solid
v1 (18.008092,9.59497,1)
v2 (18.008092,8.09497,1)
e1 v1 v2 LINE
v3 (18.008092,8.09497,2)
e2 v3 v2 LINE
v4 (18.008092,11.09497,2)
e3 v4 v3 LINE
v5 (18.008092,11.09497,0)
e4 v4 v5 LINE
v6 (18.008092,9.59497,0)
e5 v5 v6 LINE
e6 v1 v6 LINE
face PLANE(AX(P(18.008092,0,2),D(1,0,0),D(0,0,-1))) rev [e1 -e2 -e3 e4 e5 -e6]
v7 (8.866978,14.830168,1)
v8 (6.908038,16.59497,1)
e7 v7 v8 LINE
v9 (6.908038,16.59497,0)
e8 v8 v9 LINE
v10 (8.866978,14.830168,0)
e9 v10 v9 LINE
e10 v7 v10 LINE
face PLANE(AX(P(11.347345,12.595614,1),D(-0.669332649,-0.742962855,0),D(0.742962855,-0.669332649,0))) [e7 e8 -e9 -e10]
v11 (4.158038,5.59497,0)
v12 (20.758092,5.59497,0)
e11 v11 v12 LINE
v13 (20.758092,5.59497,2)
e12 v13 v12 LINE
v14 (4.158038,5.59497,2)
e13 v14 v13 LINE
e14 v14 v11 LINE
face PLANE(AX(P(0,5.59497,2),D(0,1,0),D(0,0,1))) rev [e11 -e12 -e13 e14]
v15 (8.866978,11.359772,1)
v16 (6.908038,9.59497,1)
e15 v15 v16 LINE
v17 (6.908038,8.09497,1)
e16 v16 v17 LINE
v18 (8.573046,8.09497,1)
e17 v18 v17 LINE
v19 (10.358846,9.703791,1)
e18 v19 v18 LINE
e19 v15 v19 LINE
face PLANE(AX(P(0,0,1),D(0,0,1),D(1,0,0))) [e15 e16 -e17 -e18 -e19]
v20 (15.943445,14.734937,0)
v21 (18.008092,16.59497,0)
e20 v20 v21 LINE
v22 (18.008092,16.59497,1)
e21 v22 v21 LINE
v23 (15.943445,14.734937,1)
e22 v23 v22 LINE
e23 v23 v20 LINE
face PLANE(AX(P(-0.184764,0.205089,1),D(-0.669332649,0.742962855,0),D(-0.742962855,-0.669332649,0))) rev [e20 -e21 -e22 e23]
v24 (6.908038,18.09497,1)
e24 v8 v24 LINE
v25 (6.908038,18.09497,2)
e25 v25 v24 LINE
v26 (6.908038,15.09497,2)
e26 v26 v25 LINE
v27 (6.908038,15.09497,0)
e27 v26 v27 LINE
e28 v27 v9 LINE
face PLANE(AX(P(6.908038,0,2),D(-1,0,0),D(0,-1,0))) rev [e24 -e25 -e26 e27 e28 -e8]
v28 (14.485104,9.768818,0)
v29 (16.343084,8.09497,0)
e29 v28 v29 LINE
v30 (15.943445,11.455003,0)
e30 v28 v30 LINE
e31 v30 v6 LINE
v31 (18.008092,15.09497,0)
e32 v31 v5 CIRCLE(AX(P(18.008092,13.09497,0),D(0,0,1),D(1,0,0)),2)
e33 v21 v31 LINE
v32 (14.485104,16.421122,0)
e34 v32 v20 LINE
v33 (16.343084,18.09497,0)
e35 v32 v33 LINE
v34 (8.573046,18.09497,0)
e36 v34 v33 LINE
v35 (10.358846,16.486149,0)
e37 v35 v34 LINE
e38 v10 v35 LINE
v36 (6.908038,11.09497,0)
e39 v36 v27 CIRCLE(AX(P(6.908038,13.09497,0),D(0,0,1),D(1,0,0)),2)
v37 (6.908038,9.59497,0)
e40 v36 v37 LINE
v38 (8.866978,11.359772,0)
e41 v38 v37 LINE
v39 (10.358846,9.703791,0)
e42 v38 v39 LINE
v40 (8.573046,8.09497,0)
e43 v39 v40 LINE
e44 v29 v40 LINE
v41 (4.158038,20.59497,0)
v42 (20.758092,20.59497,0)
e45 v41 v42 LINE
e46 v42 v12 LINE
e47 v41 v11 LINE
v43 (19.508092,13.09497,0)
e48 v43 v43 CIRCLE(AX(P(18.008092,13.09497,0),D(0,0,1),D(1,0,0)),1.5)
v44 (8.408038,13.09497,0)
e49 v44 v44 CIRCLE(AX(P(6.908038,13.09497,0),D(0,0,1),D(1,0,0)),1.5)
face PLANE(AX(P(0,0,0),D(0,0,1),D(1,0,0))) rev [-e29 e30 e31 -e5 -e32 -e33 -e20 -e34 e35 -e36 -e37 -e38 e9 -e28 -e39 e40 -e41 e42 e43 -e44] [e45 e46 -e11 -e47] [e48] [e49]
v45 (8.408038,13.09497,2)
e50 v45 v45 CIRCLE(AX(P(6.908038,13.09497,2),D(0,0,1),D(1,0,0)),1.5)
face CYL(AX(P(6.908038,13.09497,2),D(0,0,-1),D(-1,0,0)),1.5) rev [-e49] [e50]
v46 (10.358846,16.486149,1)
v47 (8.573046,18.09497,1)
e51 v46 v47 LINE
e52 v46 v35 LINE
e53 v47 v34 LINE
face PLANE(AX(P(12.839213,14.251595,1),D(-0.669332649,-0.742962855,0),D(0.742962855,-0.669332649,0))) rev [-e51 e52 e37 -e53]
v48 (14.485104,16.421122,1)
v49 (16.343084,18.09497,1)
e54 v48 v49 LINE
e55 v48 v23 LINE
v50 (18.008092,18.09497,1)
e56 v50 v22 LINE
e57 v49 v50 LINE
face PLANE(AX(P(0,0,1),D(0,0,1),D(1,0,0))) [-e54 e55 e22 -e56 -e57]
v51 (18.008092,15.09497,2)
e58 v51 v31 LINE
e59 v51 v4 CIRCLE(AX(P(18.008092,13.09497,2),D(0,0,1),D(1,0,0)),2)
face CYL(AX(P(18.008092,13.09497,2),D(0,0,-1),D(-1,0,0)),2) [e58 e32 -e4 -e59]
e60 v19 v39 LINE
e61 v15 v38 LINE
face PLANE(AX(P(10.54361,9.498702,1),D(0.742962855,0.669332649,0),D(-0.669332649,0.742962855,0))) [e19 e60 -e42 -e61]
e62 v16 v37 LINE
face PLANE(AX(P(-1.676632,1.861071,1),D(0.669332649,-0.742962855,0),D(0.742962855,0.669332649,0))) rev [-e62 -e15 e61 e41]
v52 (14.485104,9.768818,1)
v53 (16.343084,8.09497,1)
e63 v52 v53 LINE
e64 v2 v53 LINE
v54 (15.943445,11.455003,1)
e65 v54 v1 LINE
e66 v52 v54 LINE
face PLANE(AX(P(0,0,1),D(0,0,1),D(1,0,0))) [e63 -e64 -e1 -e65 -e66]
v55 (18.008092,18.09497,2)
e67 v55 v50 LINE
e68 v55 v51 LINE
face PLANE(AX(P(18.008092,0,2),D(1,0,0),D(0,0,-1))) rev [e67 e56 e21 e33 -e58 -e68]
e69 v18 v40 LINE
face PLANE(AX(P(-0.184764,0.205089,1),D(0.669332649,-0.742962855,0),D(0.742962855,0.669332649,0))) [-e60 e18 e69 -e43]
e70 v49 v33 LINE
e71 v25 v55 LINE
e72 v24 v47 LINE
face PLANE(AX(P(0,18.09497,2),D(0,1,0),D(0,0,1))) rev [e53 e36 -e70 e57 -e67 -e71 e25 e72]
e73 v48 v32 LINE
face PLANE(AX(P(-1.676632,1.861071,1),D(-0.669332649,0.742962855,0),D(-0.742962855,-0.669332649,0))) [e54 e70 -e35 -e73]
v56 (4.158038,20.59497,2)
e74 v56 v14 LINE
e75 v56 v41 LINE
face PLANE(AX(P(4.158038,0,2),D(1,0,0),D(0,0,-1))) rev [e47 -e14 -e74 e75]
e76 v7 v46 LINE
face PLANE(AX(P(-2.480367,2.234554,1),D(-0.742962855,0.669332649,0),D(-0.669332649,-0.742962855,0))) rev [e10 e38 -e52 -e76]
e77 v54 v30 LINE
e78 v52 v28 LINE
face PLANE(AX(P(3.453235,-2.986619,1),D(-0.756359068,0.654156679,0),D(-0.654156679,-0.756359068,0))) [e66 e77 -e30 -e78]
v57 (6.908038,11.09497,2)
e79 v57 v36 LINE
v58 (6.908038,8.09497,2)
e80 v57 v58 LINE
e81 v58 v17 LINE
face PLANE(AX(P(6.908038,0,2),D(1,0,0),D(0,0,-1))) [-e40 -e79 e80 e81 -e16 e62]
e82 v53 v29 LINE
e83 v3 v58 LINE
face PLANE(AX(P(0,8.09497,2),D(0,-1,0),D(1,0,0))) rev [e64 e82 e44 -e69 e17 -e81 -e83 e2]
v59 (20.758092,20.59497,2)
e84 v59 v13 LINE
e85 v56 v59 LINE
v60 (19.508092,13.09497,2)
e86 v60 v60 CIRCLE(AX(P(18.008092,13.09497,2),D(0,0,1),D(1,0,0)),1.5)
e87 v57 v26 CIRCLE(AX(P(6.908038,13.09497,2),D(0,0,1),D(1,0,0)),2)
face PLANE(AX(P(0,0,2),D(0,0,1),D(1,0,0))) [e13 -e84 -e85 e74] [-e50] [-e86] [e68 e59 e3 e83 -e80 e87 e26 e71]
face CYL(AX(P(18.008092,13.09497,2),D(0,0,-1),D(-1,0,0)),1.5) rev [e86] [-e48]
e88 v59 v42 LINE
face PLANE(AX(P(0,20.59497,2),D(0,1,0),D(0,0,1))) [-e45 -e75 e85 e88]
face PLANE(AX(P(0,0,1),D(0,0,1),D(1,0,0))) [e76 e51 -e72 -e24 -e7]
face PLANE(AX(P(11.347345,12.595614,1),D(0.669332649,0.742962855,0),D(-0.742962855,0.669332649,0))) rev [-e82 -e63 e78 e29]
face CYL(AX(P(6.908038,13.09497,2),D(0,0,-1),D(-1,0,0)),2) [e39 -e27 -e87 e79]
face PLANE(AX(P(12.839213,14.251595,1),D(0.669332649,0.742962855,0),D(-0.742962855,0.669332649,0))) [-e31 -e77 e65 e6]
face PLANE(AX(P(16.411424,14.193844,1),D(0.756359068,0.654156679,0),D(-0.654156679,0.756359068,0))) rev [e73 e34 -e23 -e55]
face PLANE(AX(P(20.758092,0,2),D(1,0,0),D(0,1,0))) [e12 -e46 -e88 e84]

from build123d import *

# Parameters (mm, degrees)
SKETCH1_W           = 16.600054
SKETCH1_H           = 15
SKETCH1_R           = 1.5
BOSS_EXTRUDE1_DEPTH = 2
BOSS_EXTRUDE2_DEPTH = 1


with BuildPart() as part:
    # Sketch1 → Boss-Extrude1 (new body)
    with BuildSketch(Plane.XY):
        with Locations((12.458065, 13.09497)):
            Rectangle(SKETCH1_W, SKETCH1_H)
        with Locations((6.908038, 13.09497)):
            Circle(SKETCH1_R, mode=Mode.SUBTRACT)
        with BuildLine():
            ThreePointArc((6.908038, 11.09497), (8.908038, 13.09497), (6.908038, 15.09497))
            Line((6.908038, 15.09497), (6.908038, 18.09497))
            Line((6.908038, 18.09497), (18.008092, 18.09497))
            Line((18.008092, 18.09497), (18.008092, 15.09497))
            ThreePointArc((18.008092, 15.09497), (16.008092, 13.09497), (18.008092, 11.09497))
            Line((18.008092, 11.09497), (18.008092, 8.09497))
            Line((18.008092, 8.09497), (6.908038, 8.09497))
            Line((6.908038, 8.09497), (6.908038, 11.09497))
        make_face(mode=Mode.SUBTRACT)
        with Locations((18.008092, 13.09497)):
            Circle(SKETCH1_R, mode=Mode.SUBTRACT)
    extrude(amount=BOSS_EXTRUDE1_DEPTH)

    # Sketch1<25> → Boss-Extrude2 (add)
    with BuildSketch(Plane.XY):
        Polygon((6.908038, 18.09497), (6.908038, 16.59497), (8.866977953, 14.830167817), (10.358845842, 16.48614923), (8.5730461, 18.09497), align=None)
        Polygon((18.008092, 18.09497), (16.3430839, 18.09497), (14.485103938, 16.421122321), (15.943445071, 14.73493677), (18.008092, 16.59497), align=None)
        Polygon((14.485103938, 9.768817679), (16.3430839, 8.09497), (18.008092, 8.09497), (18.008092, 9.59497), (15.943445071, 11.45500323), align=None)
        Polygon((8.866977953, 11.359772183), (6.908038, 9.59497), (6.908038, 8.09497), (8.5730461, 8.09497), (10.358845842, 9.70379077), align=None)
    extrude(amount=BOSS_EXTRUDE2_DEPTH)


solid = part.part
